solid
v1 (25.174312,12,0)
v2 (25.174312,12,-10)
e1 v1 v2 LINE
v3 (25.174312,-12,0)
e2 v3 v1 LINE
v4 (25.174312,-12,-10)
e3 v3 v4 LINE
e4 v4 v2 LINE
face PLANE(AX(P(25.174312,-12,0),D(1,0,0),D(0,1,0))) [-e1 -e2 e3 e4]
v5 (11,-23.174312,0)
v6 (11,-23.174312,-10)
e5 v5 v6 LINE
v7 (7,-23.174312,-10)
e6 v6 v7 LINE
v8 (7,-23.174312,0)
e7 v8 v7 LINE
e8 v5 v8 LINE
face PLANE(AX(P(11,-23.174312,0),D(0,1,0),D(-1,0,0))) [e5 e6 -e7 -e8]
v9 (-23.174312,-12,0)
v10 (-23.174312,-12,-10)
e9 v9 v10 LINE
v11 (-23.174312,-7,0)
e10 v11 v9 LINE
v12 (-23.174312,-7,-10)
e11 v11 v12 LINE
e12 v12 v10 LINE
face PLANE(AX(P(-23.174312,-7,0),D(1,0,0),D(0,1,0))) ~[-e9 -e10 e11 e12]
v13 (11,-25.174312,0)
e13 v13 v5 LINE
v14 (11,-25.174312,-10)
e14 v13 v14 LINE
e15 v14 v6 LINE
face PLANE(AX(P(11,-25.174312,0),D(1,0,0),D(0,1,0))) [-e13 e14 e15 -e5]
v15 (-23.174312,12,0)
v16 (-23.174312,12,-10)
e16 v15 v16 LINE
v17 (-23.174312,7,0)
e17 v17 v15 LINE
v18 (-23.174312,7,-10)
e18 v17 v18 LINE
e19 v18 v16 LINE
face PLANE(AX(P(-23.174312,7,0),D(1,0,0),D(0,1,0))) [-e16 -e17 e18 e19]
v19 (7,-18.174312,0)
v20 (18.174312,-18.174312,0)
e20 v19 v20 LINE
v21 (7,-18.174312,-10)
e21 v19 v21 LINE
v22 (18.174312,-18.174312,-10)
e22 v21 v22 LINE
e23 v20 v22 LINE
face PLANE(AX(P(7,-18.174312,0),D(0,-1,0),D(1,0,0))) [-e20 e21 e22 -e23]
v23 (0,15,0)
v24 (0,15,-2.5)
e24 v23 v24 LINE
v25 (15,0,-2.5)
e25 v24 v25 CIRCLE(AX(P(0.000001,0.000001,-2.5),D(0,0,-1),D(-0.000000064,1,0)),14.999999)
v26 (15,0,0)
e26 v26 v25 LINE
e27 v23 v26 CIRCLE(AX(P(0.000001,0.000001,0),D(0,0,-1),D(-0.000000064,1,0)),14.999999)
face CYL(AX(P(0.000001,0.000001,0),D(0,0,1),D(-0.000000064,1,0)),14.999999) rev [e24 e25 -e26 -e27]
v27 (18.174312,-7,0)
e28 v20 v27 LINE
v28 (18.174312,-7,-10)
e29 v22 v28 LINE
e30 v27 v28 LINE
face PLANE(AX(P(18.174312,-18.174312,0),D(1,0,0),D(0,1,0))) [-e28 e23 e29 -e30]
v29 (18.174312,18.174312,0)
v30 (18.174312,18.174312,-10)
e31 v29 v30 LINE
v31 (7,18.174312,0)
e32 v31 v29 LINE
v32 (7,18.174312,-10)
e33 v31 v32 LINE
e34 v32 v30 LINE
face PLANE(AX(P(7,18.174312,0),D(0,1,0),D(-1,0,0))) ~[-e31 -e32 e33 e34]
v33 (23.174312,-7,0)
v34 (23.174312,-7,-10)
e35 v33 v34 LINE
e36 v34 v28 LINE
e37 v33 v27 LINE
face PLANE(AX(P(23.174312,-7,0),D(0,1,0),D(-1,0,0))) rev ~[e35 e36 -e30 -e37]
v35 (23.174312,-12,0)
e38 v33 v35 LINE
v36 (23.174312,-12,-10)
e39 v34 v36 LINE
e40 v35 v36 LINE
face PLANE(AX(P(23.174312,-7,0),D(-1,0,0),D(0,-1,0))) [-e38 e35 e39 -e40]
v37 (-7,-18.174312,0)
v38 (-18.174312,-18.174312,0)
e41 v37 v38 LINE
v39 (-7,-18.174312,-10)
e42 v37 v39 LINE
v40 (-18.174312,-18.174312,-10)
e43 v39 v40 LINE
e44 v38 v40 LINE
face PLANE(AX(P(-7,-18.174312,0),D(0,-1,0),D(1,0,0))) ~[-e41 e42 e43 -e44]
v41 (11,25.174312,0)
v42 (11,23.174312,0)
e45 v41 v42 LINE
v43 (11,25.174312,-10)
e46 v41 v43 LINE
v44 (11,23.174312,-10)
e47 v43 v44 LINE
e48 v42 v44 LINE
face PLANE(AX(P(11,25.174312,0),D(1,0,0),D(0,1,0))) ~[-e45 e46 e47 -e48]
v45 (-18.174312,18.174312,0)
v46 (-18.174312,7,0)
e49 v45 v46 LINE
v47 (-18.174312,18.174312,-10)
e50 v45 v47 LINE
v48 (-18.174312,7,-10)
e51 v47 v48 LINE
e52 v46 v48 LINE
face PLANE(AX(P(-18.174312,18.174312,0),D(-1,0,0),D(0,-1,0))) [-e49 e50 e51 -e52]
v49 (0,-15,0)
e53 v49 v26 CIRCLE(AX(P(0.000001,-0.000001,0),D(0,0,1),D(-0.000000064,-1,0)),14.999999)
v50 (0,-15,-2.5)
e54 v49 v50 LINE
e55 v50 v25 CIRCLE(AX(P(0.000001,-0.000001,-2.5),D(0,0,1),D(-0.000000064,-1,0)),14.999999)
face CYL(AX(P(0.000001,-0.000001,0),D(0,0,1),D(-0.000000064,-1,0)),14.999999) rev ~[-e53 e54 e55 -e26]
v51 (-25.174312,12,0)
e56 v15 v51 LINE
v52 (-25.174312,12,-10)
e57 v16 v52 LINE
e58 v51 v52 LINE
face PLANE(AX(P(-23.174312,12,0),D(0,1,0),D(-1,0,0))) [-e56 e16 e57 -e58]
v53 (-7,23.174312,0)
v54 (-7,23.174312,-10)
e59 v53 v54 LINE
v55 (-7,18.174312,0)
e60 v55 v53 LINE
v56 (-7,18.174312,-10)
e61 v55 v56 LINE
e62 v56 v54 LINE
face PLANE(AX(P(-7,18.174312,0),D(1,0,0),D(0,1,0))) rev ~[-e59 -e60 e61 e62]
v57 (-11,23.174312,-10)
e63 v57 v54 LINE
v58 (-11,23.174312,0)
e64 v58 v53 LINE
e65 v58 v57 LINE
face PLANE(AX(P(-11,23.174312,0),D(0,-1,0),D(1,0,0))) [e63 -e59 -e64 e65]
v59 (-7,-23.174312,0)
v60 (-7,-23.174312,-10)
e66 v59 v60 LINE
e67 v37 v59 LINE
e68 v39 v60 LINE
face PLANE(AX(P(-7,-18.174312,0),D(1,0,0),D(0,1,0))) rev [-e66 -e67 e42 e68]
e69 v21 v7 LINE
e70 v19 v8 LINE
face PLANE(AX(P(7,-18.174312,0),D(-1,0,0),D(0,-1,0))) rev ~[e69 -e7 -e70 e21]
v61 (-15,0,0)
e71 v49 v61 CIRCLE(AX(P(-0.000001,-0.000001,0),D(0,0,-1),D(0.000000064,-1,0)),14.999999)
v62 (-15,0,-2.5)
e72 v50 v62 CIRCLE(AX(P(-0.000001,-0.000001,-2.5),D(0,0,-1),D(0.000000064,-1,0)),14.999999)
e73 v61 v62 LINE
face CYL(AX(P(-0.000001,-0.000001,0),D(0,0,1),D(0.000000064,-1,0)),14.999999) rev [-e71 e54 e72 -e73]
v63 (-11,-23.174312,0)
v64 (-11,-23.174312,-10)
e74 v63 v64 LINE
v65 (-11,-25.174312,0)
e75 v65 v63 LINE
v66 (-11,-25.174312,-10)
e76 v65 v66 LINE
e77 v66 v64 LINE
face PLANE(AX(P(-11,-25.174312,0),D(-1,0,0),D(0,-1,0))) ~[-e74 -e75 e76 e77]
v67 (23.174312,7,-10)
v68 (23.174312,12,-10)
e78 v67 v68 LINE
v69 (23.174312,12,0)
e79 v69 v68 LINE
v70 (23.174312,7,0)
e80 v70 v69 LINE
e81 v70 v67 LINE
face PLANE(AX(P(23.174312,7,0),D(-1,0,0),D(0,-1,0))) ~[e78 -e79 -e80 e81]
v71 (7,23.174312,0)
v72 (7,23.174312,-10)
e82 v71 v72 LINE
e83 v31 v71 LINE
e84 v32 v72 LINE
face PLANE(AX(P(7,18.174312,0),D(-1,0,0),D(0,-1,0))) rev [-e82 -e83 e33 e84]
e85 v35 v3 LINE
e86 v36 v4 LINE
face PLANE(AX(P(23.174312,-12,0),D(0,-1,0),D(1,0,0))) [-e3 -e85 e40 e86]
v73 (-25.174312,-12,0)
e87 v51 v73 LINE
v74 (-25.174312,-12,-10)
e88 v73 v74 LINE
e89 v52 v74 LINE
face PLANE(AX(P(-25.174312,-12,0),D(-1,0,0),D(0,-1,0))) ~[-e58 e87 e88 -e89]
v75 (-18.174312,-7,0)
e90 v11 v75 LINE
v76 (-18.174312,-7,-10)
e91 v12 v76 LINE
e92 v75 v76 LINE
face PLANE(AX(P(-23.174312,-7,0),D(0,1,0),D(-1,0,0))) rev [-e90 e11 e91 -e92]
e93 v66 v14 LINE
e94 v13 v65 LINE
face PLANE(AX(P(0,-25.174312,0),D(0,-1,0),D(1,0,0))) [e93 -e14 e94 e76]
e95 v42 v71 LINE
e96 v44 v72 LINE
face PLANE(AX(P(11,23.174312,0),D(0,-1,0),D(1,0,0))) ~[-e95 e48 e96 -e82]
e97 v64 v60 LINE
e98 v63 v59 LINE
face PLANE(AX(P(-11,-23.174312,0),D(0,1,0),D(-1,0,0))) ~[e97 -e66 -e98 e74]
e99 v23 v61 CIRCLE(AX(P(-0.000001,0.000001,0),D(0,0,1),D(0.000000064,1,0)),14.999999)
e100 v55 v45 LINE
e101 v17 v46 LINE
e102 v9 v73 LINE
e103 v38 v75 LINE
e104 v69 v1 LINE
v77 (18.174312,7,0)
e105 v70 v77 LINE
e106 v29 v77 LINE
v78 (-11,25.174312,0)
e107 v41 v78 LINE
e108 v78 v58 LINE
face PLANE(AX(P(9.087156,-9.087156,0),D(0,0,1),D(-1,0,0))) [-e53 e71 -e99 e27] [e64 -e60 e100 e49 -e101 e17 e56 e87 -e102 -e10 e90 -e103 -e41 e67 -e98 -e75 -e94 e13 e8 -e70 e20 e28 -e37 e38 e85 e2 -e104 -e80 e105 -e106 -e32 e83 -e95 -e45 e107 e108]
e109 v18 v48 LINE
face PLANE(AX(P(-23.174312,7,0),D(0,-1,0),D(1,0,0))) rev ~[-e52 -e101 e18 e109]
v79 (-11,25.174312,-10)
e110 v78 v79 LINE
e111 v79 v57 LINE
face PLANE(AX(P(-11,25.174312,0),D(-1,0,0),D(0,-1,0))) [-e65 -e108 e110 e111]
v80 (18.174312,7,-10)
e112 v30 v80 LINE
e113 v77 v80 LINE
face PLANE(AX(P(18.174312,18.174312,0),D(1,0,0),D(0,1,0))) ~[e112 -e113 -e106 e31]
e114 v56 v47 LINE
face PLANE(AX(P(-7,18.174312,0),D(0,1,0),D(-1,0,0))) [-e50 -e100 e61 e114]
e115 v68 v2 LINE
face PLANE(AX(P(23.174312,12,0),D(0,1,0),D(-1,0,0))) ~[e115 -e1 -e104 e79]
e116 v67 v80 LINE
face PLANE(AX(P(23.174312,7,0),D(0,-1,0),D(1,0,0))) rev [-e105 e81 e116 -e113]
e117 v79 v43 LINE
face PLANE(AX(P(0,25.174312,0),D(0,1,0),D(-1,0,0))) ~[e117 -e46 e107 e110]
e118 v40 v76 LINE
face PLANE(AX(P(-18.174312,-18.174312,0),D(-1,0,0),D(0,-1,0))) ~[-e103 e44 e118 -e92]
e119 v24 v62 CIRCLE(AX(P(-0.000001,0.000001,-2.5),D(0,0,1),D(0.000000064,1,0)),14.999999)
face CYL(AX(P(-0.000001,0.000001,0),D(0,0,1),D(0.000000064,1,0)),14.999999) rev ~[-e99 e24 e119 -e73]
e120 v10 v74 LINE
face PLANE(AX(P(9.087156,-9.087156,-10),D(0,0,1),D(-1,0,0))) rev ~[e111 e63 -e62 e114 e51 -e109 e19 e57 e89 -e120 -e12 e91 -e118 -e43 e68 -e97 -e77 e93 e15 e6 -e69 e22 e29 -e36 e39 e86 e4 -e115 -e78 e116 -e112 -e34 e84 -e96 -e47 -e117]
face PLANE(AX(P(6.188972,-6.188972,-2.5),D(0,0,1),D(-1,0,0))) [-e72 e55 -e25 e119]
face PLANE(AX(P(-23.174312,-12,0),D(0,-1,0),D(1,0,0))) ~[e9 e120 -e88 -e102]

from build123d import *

# Parameters (mm, degrees)
F0_W     = 7
F0_H     = 5
F0_W_2   = 5
F0_H_2   = 7
F1_DEPTH = 10
F3_DEPTH = 2.5


with BuildPart() as f1:
    # F0 (on Top) → F1 (new body)
    with BuildSketch(Plane.XY):
        Polygon((0, 0), (0, 18.174312), (-7, 18.174312), (-18.174312, 18.174312), (-18.174312, 7), (-18.174312, 0), align=None)
        with Locations((-3.5, 20.674312)):
            Rectangle(F0_W, F0_H)
        Polygon((-7, 23.174312), (0, 23.174312), (0, 25.174312), (-11, 25.174312), (-11, 23.174312), align=None)
        with Locations((-20.674312, 3.5)):
            Rectangle(F0_W_2, F0_H_2)
        Polygon((-25.174312, 0), (-23.174312, 0), (-23.174312, 7), (-23.174312, 12), (-25.174312, 12), align=None)
    extrude(amount=-F1_DEPTH)

    # F2 (on face) → F3 (cut)
    with BuildSketch(Plane.XY):
        with BuildLine():
            Line((0, 0), (0, 15))
            ThreePointArc((0, 15), (-10.606602, 10.606602), (-15, 0))
            Line((-15, 0), (0, 0))
        make_face()
    extrude(amount=-F3_DEPTH, mode=Mode.SUBTRACT)

    # F4: F1 across plane


with BuildPart() as f1_1:
    add(f1.part)
    add(f1.part.mirror(Plane.YZ))

    # F5: F1 across plane


with BuildPart() as f1_2:
    add(f1_1.part)
    add(f1_1.part.mirror(Plane.XZ))


solid = f1_2.part
